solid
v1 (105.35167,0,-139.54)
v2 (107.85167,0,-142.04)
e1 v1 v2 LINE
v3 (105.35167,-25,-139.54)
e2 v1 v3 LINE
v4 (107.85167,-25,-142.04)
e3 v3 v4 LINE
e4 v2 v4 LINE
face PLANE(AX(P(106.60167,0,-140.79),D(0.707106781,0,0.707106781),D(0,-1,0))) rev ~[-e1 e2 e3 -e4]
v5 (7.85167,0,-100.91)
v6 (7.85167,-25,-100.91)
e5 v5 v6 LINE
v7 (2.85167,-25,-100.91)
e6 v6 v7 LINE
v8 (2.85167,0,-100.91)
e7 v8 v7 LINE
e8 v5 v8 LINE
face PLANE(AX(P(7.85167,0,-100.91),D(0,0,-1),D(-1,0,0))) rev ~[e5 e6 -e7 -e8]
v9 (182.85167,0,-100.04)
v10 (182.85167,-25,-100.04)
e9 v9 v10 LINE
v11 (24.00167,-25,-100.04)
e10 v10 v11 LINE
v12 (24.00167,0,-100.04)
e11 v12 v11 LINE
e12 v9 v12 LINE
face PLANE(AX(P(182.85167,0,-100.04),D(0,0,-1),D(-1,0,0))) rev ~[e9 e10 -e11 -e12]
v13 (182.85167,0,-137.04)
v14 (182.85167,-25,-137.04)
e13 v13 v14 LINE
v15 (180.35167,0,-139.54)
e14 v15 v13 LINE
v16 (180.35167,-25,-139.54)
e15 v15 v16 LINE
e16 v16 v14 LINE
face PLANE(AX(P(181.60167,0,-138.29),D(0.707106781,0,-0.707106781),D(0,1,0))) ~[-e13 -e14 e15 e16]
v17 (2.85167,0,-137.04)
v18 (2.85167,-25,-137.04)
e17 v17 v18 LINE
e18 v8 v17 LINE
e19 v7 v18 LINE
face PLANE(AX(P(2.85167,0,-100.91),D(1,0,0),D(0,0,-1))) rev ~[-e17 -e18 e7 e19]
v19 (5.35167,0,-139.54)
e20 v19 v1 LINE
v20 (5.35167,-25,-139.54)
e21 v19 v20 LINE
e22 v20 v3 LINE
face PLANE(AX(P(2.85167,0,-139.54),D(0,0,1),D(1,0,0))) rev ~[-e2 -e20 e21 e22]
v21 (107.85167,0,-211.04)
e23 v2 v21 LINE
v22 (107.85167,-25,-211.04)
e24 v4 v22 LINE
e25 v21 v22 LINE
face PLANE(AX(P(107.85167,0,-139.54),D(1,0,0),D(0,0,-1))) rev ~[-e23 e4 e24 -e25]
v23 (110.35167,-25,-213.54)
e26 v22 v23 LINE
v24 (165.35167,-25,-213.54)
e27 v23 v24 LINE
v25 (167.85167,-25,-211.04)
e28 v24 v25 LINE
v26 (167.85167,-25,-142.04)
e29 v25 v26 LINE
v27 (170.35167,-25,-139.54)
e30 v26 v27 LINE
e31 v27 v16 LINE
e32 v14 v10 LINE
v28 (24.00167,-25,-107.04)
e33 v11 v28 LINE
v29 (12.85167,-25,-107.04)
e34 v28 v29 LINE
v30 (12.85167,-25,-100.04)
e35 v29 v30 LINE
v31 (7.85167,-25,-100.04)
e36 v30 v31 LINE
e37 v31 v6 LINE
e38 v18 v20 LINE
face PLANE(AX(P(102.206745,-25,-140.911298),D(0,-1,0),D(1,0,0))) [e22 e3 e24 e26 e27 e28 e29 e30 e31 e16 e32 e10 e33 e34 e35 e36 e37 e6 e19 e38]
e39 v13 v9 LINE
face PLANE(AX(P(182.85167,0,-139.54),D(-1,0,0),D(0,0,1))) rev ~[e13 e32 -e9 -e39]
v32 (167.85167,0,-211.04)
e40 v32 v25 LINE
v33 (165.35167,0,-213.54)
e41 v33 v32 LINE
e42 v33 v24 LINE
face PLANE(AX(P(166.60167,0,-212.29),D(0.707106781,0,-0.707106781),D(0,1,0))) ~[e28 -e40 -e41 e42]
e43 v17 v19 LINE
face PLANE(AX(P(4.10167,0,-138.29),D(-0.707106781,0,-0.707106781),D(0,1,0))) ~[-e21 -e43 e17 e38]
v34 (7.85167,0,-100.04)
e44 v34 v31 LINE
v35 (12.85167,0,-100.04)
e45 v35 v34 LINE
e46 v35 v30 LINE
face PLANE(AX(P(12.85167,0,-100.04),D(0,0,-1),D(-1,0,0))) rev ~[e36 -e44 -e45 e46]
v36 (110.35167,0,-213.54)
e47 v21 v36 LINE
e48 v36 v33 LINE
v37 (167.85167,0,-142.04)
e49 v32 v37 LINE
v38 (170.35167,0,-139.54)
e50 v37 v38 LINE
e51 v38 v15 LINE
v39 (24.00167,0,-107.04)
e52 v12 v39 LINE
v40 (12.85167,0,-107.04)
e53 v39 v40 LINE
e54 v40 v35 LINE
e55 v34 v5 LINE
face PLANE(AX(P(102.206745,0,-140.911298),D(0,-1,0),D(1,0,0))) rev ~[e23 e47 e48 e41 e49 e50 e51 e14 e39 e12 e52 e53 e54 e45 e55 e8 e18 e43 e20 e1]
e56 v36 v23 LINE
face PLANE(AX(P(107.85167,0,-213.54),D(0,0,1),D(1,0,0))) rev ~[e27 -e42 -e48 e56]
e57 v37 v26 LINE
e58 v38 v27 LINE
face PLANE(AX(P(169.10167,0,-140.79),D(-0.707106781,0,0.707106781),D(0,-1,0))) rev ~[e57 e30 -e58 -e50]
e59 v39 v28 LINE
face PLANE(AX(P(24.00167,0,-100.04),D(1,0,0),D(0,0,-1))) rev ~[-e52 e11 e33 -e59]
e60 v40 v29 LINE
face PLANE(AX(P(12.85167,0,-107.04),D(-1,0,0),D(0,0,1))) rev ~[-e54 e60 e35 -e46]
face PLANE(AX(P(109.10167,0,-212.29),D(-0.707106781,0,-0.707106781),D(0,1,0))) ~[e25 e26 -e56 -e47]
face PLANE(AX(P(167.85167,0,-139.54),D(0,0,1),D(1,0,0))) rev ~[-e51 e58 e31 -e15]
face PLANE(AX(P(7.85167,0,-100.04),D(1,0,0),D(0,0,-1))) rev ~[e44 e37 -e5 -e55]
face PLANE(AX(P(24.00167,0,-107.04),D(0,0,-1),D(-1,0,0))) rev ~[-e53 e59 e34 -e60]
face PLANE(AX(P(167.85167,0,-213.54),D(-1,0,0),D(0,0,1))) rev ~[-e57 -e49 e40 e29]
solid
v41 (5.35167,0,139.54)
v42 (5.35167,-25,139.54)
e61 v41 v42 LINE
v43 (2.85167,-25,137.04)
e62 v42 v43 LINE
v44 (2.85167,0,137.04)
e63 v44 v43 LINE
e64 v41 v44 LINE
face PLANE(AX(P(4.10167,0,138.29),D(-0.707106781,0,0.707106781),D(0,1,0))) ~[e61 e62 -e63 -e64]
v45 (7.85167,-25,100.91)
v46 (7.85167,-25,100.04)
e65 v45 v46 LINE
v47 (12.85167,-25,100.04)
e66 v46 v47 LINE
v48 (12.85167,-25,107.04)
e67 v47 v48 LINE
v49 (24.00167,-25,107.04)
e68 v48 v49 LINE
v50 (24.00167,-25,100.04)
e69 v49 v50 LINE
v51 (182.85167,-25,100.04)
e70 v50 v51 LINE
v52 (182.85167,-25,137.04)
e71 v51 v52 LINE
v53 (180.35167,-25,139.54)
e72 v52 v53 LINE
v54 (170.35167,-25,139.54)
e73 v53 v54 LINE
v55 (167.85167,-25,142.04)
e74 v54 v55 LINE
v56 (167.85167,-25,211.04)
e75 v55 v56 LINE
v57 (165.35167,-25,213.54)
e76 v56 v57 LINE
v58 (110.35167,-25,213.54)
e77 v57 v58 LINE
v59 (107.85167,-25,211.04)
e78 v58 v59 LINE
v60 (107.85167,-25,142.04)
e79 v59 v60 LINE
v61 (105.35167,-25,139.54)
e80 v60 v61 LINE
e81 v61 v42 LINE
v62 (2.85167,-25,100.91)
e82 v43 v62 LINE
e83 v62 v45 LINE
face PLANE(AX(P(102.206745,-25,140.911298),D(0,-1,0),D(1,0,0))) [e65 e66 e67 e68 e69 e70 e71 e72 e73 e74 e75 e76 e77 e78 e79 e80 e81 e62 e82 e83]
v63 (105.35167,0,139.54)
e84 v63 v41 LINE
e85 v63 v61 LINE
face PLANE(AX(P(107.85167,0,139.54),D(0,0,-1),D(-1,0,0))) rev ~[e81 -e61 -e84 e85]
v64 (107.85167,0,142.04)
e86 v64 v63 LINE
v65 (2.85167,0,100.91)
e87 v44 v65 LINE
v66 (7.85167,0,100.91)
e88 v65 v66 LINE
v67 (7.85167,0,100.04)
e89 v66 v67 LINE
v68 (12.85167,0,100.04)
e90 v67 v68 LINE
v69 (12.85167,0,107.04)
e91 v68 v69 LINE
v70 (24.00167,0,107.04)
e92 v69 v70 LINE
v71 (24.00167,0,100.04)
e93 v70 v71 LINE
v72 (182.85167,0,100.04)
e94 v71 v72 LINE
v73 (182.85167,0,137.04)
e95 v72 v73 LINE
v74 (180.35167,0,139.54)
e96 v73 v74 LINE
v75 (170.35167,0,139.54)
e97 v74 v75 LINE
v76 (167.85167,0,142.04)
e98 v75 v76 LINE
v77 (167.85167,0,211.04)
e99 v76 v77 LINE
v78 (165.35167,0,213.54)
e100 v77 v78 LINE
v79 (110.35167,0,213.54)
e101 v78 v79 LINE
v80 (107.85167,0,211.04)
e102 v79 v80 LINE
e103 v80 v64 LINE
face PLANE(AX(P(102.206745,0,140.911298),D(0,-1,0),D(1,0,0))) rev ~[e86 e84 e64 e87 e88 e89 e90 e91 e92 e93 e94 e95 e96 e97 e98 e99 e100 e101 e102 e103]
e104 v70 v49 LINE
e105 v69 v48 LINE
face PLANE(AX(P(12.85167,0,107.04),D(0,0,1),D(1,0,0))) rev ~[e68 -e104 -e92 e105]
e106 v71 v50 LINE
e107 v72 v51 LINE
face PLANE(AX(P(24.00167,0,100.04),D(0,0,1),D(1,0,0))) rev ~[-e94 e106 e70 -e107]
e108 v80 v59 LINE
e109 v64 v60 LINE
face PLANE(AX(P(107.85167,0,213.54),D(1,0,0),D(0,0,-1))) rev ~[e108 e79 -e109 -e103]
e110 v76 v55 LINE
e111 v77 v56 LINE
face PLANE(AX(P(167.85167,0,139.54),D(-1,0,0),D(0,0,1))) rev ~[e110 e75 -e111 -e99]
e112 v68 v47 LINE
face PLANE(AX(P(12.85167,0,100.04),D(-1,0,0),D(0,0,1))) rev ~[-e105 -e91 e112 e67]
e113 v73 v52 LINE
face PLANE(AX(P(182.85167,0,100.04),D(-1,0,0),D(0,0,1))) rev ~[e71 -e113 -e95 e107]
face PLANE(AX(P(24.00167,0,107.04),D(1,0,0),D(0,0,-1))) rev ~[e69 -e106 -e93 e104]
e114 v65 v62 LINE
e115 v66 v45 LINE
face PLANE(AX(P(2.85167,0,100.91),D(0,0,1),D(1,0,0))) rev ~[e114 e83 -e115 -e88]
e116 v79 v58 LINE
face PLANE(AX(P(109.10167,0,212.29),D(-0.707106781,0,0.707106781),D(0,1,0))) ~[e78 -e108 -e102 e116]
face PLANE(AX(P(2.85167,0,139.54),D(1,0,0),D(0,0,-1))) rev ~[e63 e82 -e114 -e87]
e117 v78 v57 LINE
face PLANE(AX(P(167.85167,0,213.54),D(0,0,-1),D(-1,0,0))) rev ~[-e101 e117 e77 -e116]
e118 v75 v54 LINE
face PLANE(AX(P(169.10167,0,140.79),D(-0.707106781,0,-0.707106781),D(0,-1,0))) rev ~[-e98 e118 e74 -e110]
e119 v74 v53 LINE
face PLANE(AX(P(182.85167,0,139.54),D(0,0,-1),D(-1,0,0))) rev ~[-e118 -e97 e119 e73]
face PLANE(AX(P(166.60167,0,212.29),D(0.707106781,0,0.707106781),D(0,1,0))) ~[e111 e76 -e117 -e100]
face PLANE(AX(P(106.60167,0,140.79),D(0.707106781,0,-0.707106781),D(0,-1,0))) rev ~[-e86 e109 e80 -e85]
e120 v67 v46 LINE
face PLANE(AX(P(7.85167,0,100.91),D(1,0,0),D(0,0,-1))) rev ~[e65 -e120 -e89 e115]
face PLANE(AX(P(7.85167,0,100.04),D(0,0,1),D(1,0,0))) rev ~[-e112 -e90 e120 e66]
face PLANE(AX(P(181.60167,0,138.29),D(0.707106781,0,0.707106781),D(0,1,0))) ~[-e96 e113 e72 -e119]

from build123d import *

# Parameters (mm, degrees)
F1_DEPTH = 25
F2_SIZE  = 2.5


with BuildPart() as f1:
    # F0 (on Front) → F1 (new body)
    with BuildSketch(Plane.XZ):
        Polygon((7.85167, 100.04), (12.85167, 100.04), (12.85167, 107.04), (24.00167, 107.04), (24.00167, 100.04), (182.85167, 100.04), (182.85167, 139.54), (167.85167, 139.54), (167.85167, 213.54), (107.85167, 213.54), (107.85167, 139.54), (2.85167, 139.54), (2.85167, 100.91), (7.85167, 100.91), align=None)
        Polygon((182.85167, -100.04), (24.00167, -100.04), (24.00167, -107.04), (12.85167, -107.04), (12.85167, -100.04), (7.85167, -100.04), (7.85167, -100.91), (2.85167, -100.91), (2.85167, -139.54), (107.85167, -139.54), (107.85167, -213.54), (167.85167, -213.54), (167.85167, -139.54), (182.85167, -139.54), align=None)
    extrude(amount=F1_DEPTH)

    # F2
    f2_edges = [f1.edges().sort_by_distance(p)[0] for p in [
        (2.85167, -12.5, 139.54),
        (107.85167, -12.5, 139.54),
        (107.85167, -12.5, 213.54),
        (167.85167, -12.5, 213.54),
        (167.85167, -12.5, 139.54),
        (182.85167, -12.5, 139.54),
        (2.85167, -12.5, -139.54),
        (107.85167, -12.5, -139.54),
        (107.85167, -12.5, -213.54),
        (167.85167, -12.5, -213.54),
        (167.85167, -12.5, -139.54),
        (182.85167, -12.5, -139.54),
    ]]
    chamfer(f2_edges, length=F2_SIZE)


solid = f1.part
